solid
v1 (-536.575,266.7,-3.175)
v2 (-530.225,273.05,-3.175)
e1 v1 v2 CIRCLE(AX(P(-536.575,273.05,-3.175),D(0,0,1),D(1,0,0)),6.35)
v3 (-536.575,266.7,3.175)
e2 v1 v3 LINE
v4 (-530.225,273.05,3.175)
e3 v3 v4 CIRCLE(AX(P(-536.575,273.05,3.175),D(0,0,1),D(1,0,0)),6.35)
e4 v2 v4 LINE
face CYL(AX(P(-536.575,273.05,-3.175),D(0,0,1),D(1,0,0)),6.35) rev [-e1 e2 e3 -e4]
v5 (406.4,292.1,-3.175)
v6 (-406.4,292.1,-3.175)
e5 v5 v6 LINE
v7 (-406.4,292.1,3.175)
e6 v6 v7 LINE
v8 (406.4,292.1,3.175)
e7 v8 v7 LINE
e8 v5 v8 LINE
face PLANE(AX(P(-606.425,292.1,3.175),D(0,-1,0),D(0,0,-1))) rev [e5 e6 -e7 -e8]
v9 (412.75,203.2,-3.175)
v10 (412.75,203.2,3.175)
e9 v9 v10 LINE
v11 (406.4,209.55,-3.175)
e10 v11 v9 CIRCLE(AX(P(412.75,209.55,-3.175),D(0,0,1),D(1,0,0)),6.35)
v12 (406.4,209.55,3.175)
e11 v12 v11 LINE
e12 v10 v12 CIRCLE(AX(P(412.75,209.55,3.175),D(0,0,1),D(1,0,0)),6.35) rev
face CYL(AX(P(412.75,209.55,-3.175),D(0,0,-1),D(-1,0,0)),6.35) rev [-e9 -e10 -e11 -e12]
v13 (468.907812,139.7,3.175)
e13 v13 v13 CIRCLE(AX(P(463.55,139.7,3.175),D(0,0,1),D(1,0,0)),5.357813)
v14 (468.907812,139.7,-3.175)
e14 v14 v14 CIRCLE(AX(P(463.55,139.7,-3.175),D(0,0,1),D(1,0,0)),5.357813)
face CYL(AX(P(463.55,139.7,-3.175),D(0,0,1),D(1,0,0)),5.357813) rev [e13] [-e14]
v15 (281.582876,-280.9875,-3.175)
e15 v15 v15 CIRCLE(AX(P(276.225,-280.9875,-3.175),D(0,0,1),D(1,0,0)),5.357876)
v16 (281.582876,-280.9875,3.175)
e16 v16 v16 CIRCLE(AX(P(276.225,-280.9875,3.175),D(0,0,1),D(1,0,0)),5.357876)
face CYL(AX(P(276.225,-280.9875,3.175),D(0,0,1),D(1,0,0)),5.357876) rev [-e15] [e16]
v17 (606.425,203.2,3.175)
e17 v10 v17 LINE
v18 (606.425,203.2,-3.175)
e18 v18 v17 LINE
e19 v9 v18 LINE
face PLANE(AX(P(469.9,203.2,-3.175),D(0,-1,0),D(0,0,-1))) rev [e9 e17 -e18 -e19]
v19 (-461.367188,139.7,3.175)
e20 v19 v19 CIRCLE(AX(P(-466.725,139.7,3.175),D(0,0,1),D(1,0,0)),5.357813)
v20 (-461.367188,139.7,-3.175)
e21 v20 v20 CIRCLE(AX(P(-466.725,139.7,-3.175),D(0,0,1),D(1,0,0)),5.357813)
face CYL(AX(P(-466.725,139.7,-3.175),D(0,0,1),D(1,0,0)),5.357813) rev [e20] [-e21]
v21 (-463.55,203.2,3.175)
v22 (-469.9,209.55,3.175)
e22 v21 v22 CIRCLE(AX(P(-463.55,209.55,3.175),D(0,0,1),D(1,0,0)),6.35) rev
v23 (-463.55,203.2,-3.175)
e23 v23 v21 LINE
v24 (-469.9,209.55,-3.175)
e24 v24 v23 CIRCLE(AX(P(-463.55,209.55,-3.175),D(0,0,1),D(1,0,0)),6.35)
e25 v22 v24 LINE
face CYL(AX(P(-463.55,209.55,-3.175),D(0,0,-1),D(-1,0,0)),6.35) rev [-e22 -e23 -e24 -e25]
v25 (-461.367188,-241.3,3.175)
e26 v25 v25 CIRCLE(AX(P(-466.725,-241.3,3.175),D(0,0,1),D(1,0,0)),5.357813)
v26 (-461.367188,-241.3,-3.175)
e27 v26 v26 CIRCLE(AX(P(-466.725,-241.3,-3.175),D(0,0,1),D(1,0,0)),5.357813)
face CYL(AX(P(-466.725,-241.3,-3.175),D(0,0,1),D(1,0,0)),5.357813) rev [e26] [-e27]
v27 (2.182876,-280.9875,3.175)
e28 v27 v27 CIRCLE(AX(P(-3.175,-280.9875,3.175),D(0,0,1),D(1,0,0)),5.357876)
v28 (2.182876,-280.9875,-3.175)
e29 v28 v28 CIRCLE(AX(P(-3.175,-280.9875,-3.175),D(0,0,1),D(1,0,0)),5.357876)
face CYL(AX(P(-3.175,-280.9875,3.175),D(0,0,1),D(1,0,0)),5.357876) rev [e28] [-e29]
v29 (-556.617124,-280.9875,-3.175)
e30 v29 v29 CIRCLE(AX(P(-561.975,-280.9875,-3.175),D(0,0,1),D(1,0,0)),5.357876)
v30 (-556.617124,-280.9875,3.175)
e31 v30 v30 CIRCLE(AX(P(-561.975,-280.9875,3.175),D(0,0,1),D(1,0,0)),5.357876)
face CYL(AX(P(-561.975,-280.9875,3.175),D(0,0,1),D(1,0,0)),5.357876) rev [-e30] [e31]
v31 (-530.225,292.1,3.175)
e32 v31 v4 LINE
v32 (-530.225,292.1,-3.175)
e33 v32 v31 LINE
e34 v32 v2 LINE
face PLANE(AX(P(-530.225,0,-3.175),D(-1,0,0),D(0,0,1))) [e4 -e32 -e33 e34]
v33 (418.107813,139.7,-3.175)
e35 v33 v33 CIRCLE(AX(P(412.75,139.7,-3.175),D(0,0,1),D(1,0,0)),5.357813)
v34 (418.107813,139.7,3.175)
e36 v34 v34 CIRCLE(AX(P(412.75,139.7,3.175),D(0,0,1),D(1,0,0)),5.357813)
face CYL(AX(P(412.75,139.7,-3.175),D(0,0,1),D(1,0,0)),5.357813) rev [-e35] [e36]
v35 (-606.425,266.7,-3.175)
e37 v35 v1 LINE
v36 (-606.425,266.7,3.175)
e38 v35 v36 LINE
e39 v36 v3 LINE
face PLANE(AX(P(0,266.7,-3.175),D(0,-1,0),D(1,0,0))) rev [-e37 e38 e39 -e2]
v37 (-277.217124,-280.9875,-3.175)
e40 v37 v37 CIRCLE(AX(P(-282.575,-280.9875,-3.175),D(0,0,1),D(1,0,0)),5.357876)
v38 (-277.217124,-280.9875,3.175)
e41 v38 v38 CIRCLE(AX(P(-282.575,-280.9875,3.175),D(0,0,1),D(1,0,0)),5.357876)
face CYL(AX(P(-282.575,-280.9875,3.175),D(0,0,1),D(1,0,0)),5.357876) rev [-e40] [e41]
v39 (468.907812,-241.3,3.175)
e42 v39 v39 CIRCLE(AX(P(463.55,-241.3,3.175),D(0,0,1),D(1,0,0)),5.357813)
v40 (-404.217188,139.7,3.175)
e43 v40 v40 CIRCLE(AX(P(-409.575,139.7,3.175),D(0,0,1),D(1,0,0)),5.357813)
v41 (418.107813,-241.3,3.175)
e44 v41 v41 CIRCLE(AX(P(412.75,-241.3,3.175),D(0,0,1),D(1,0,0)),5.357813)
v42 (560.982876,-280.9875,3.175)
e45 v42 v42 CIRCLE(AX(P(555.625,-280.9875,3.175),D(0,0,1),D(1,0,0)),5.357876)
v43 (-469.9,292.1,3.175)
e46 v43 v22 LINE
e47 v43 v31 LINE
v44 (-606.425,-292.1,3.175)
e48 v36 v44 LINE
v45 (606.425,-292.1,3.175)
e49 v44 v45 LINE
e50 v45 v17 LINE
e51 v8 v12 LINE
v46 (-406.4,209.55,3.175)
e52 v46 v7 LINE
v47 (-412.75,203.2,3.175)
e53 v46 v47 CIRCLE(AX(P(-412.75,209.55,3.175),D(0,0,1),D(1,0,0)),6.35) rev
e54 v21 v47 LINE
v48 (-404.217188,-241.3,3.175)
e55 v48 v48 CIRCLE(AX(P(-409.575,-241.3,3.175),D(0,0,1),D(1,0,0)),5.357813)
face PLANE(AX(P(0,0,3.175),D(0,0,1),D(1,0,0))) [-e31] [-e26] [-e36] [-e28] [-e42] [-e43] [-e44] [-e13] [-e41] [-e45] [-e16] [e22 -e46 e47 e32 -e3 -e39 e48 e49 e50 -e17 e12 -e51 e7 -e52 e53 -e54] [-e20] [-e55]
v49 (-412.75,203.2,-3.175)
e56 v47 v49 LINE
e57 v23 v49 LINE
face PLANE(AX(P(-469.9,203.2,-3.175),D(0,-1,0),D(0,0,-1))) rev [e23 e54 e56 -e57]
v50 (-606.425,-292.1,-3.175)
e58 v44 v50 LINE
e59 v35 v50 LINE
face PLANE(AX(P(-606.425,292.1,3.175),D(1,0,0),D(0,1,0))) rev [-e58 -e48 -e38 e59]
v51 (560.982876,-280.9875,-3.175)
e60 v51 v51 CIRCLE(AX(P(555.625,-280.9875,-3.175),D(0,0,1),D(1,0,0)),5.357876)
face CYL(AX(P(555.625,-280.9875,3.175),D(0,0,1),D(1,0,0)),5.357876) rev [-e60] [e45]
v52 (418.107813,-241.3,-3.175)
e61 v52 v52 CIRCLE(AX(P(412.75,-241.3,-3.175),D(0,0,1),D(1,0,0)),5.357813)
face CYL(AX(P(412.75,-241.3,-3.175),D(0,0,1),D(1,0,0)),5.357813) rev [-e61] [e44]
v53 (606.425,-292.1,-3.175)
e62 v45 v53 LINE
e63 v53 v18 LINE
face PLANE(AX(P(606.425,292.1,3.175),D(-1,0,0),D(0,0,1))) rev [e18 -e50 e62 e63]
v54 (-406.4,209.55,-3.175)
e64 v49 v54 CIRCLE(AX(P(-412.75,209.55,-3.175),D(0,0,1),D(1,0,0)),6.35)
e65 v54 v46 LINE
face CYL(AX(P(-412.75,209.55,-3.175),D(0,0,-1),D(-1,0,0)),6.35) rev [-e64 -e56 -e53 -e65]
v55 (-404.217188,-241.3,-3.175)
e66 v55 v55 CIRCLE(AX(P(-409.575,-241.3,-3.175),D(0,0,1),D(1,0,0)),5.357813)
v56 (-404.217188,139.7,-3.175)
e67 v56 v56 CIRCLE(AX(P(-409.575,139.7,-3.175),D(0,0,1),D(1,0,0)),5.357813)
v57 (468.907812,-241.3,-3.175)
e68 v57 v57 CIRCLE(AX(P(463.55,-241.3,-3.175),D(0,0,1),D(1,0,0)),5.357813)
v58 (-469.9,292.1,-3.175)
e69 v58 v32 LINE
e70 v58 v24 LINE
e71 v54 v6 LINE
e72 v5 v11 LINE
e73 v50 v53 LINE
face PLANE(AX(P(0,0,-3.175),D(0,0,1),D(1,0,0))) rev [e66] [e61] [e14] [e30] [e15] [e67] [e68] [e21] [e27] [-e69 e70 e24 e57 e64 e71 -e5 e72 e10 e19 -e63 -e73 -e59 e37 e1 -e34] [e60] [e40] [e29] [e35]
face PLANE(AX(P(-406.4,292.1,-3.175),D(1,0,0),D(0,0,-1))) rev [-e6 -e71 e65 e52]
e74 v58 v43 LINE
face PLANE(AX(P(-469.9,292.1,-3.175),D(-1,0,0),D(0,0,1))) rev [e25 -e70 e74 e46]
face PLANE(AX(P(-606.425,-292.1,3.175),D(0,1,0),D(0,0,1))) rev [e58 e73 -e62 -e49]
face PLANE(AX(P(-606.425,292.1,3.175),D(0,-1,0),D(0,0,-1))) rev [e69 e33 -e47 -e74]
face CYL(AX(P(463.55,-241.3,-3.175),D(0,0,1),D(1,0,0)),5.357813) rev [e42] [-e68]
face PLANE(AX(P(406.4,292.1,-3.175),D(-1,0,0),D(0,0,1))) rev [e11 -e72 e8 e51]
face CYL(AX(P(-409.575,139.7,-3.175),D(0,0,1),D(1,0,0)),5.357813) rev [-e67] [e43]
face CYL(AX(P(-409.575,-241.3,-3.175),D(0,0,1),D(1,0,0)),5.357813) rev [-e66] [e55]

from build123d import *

# Parameters (mm, degrees)
SKETCH1_W                        = 1212.85
SKETCH1_H                        = 584.2
BOSS_EXTRUDE1_DEPTH              = 3.175
SKETCH2_R                        = 5.3578125
SKETCH2_W                        = 63.5
SKETCH2_H                        = 88.9
CUT_EXTRUDE1_DEPTH               = 674.137439996
FILLET1_R                        = 6.35
SKETCH3_W                        = 142.875
SKETCH3_H                        = 88.9
CUT_EXTRUDE2_DEPTH               = 674.137439996
F_27_64_0_42188_DIAMETER_HOLE1_D = 10.715752
LPATTERN1_COUNT                  = 5
LPATTERN1_PITCH                  = 279.4
CUT_EXTRUDE3_DEPTH               = 674.137439996


with BuildPart() as part:
    # Sketch1 → Boss-Extrude1 (new, symmetric)
    with BuildSketch(Plane.XY):
        Rectangle(SKETCH1_W, SKETCH1_H)
    extrude(amount=BOSS_EXTRUDE1_DEPTH, both=True)

    # Sketch2 → Cut-Extrude1 (cut, through all)
    with BuildSketch(Plane.XY.offset(3.175)):
        with Locations((-466.725, 139.7)):
            Circle(SKETCH2_R)
        with Locations((-409.575, 139.7)):
            Circle(SKETCH2_R)
        with Locations((-466.725, -241.3)):
            Circle(SKETCH2_R)
        with Locations((-409.575, -241.3)):
            Circle(SKETCH2_R)
        with Locations((412.75, 139.7)):
            Circle(SKETCH2_R)
        with Locations((463.55, 139.7)):
            Circle(SKETCH2_R)
        with Locations((412.75, -241.3)):
            Circle(SKETCH2_R)
        with Locations((463.55, -241.3)):
            Circle(SKETCH2_R)
        with Locations((438.15, 247.65)):
            Rectangle(SKETCH2_W, SKETCH2_H)
        with Locations((-438.15, 247.65)):
            Rectangle(SKETCH2_W, SKETCH2_H)
    extrude(amount=-CUT_EXTRUDE1_DEPTH, mode=Mode.SUBTRACT)

    # Fillet1
    fillet1_edges = [part.edges().sort_by_distance(p)[0] for p in [
        (-406.4, 203.2, 0),
        (-469.9, 203.2, 0),
        (469.9, 203.2, 0),
        (406.4, 203.2, 0),
    ]]
    fillet(fillet1_edges, radius=FILLET1_R)

    # Sketch3 → Cut-Extrude2 (cut, through all)
    with BuildSketch(Plane.XY.offset(3.175)):
        with Locations((534.9875, 247.65)):
            Rectangle(SKETCH3_W, SKETCH3_H)
    extrude(amount=-CUT_EXTRUDE2_DEPTH, mode=Mode.SUBTRACT)

    # 27/64 (0.42188) Diameter Hole1 (through all)
    with Locations(Plane.XY.offset(3.175)):
        with Locations((-561.975, -280.9875)):
            f_27_64_0_42188_diameter_hole1 = Hole(F_27_64_0_42188_DIAMETER_HOLE1_D / 2)

    # LPattern1: 27/64 (0.42188) Diameter Hole1 ×5
    with Locations(*[(i * LPATTERN1_PITCH, 0, 0) for i in range(1, LPATTERN1_COUNT)]):
        add(f_27_64_0_42188_diameter_hole1, mode=Mode.SUBTRACT)

    # Sketch6 → Cut-Extrude3 (cut, through all)
    with BuildSketch(Plane.XY.offset(3.175)):
        with BuildLine():
            Line((-606.425, 292.1), (-606.425, 266.7))
            Line((-606.425, 266.7), (-536.575, 266.7))
            ThreePointArc((-536.575, 266.7), (-532.084871939, 268.559871939), (-530.225, 273.05))
            Line((-530.225, 273.05), (-530.225, 292.1))
            Line((-530.225, 292.1), (-606.425, 292.1))
        make_face()
    extrude(amount=-CUT_EXTRUDE3_DEPTH, mode=Mode.SUBTRACT)


solid = part.part
